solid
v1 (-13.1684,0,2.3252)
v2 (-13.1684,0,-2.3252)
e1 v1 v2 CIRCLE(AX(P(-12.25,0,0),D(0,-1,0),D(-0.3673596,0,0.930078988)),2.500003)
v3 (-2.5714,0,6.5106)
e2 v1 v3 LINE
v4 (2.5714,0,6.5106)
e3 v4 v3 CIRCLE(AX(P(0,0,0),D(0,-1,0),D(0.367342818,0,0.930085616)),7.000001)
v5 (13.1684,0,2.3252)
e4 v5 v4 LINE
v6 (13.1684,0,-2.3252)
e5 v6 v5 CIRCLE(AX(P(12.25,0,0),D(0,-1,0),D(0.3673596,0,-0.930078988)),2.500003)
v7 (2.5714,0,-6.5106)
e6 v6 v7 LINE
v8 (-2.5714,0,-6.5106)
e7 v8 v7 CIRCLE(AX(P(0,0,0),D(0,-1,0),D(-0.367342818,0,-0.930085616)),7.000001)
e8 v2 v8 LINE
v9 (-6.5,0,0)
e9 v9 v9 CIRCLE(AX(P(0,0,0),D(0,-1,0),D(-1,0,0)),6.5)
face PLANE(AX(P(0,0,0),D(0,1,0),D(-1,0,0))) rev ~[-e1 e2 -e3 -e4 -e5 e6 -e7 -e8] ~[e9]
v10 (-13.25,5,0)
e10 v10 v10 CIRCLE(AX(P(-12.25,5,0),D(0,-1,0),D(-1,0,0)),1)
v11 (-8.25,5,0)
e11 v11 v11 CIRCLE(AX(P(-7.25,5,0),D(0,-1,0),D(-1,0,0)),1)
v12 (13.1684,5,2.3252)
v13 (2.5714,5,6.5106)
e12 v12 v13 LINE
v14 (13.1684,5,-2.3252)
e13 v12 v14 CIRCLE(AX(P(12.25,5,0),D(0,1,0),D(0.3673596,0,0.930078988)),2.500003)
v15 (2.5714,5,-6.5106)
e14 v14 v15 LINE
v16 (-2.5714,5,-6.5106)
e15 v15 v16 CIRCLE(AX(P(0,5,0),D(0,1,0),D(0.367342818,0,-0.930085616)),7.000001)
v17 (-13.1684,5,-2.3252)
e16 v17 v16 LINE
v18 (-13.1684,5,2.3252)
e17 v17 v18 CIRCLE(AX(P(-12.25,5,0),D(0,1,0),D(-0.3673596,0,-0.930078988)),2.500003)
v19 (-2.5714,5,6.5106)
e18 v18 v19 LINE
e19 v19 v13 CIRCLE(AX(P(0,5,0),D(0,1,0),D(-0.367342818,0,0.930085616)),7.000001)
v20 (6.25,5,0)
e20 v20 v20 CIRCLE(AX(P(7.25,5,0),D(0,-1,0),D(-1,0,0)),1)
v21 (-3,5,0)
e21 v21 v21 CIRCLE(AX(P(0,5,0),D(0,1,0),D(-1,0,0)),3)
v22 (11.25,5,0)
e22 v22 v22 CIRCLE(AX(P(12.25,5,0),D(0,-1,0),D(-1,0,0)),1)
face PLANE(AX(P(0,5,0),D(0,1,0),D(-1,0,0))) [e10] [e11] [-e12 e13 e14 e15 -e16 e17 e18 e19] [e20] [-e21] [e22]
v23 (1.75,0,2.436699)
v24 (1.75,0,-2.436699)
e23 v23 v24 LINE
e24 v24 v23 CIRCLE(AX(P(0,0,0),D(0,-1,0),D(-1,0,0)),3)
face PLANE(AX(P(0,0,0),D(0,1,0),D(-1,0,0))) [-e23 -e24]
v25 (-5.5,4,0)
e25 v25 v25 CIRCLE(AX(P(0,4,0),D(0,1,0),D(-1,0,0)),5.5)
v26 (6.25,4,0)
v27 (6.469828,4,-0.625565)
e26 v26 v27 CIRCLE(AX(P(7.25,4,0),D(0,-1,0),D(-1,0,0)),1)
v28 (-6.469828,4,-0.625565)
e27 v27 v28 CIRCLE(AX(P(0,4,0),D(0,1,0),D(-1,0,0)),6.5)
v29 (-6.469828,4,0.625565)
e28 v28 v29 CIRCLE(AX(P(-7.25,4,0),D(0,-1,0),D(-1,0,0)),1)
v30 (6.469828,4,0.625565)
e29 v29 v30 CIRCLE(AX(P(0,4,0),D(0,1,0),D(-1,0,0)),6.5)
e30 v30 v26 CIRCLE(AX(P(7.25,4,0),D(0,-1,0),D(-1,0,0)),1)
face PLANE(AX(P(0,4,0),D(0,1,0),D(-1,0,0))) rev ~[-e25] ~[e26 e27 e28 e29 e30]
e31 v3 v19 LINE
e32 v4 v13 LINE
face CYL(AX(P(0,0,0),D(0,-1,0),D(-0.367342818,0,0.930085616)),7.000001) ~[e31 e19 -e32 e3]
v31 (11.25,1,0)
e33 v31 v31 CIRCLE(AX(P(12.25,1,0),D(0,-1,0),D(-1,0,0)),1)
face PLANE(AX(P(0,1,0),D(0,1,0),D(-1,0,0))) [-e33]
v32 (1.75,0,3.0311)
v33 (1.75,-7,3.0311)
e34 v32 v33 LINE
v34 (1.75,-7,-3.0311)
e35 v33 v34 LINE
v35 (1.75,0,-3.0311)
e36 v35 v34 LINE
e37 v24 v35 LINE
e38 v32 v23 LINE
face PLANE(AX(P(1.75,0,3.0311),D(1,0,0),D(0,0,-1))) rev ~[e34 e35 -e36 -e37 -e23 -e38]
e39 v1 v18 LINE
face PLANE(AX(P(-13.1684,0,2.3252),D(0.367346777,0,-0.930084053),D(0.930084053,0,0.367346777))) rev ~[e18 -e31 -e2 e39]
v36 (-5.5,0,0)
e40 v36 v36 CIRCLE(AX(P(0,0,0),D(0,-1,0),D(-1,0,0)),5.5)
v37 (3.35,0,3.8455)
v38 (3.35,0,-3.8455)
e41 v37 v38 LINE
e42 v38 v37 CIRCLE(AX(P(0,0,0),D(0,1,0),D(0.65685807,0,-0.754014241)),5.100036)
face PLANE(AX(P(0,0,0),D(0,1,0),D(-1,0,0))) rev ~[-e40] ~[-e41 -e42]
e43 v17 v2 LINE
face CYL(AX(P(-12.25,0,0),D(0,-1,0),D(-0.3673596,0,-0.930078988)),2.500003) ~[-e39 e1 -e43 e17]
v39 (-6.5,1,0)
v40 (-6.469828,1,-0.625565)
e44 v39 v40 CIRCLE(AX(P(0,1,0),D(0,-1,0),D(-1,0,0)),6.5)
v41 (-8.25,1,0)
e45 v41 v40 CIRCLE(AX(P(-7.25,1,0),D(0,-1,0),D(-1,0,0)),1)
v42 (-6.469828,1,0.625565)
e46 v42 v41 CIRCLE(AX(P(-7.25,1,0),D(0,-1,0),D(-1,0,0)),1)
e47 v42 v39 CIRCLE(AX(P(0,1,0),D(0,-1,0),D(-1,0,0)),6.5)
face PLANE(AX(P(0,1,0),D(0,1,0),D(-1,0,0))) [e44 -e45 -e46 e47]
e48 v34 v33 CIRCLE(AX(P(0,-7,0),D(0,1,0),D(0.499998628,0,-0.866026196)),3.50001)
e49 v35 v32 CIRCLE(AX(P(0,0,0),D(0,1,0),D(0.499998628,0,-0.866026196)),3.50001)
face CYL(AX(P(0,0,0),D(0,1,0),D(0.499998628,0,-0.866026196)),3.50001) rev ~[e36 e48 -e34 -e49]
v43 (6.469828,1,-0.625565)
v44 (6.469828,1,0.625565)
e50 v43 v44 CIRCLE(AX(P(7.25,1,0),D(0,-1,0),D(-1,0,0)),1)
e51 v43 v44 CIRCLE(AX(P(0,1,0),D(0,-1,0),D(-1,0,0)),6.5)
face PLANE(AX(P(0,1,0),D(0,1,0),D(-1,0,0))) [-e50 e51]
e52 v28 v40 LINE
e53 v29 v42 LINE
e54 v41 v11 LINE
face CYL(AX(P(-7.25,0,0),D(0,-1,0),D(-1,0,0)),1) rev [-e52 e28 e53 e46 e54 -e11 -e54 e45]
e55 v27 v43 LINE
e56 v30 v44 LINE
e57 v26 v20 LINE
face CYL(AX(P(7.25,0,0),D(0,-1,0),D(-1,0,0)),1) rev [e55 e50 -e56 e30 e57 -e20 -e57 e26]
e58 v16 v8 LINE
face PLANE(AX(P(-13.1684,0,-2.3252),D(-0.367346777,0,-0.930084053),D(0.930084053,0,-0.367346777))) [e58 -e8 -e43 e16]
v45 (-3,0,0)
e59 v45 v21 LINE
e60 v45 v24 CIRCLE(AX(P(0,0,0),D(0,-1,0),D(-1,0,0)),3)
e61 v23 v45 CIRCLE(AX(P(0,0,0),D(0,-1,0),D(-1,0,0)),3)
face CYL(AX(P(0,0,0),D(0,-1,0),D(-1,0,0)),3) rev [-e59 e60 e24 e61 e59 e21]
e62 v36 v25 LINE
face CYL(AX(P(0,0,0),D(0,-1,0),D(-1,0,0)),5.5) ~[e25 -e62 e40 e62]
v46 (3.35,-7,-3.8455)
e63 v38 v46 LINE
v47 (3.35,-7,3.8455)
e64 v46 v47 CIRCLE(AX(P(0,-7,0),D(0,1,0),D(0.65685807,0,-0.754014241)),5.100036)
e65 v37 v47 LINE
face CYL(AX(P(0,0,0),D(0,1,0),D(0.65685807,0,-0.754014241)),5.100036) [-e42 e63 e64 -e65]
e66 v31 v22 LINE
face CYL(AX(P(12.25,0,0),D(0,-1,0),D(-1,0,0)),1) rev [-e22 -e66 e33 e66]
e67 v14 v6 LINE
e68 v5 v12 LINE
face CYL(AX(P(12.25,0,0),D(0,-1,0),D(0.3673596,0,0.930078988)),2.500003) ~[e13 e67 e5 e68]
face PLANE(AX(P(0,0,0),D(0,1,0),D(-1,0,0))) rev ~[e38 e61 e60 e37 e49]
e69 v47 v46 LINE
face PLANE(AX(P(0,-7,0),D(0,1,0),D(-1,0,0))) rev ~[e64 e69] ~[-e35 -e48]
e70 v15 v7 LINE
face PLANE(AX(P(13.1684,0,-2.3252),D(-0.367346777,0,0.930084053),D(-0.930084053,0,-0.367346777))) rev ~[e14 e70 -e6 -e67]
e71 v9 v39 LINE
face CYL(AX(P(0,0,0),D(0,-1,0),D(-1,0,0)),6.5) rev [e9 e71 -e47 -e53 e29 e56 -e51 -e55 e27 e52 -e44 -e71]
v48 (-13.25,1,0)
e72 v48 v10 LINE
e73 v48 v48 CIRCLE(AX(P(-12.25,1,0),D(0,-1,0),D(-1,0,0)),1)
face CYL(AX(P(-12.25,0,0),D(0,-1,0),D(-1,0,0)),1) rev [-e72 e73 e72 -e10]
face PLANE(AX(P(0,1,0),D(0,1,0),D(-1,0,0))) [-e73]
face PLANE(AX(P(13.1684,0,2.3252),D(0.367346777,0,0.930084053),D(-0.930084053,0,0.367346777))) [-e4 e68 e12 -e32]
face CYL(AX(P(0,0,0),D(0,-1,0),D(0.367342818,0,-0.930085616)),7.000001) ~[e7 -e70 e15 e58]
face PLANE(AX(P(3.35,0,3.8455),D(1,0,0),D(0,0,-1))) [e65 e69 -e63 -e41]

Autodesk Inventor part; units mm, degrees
ref_plane "YZ Plane" through (0, 0, 0) normal (1, 0, 0) x (0, 1, 0)
ref_plane "XZ Plane" through (0, 0, 0) normal (0, 1, 0) x (-1, 0, 0)
ref_plane "XY Plane" through (0, 0, 0) normal (0, 0, 1) x (1, 0, 0)
sketch "スケッチ1" plane through (0, 0, 0) normal (0, 1, 0) x (-1, 0, 0)
  arc A0 (-1.75, -3.0311) -> (-1.75, 3.0311) centre (0, 0) ccw
  arc A1 (-3.35, -3.8455) -> (-3.35, 3.8455) centre (0, 0) ccw
  line L0 (-1.75, 3.0311) -> (-1.75, -3.0311)
  line L1 (-3.35, 3.8455) -> (-3.35, -3.8455)
  point P0 (-1.75, 0)
  point P1 (3.5, 0)
  dimension "d0" = 7
  dimension "d1" = 1.6
  dimension "d3" = 1.6
  dimension "d21" = 5.25
extrude "押し出し1" add sketch "スケッチ1" against normal blind 7
sketch "スケッチ2" plane through (0, 0, 0) normal (0, 1, 0) x (-1, 0, 0)
  circle A0 centre (0, 0) radius 3
  circle A1 centre (7.25, 0) radius 1
  circle A2 centre (12.25, 0) radius 1
  line L0 (21.35, 0) -> (-16.3472, 0)
  line L1 (-21.4194, 0) -> (25.6478, 0)
  line L2 (0, 13.6596) -> (0, -18.5916)
  circle A3 centre (-7.25, 0) radius 1
  circle A4 centre (-12.25, 0) radius 1
  arc A5 (13.1684, -2.3252) -> (13.1684, 2.3252) centre (12.25, 0) ccw
  line L3 (13.1684, 2.3252) -> (2.5714, 6.5106)
  line L4 (13.1684, -2.3252) -> (2.5714, -6.5106)
  arc A6 (-13.1684, 2.3252) -> (-13.1684, -2.3252) centre (-12.25, 0) ccw
  line L5 (-13.1684, 2.3252) -> (-2.5714, 6.5106)
  line L6 (-13.1684, -2.3252) -> (-2.5714, -6.5106)
  arc A7 (-2.5714, -6.5106) -> (2.5714, -6.5106) centre (0, 0) ccw
  arc A8 (2.5714, 6.5106) -> (-2.5714, 6.5106) centre (0, 0) ccw
  circle A9 centre (0, 0) radius 5.5
  circle A10 centre (0, 0) radius 6.5
  dimension "d6" = 6
  dimension "d7" = 7.25
  dimension "d8" = 5
  dimension "d9" = 2
  dimension "d11" = 5
  dimension "d12" = 7
  dimension "d17" = 11
  dimension "d18" = 13
extrude "押し出し2" add sketch "スケッチ2" along normal blind 1 contours L0 A9 L2 A0 | A0 L2 A9 L0 | A0 L0 A9 L2 | L2 A9 L0 A0 | A9 L2 A10 A1 L0 | L0 A1 A10 L2 A9 | A9 L0 A3 A10 L2 | L2 A10 A3 L0 A9 | L0 A10 A1 | A1 A10 L0 | A10 A3 L0 A4 A6 L5 A8 L2 | L2 A8 L3 A5 L0 A2 A1 A10 | A10 A1 L0 A2 A5 L4 A7 L2 | L2 A7 L6 A6 L0 A4 A3 A10 | A1 L0 A10 | A10 L0 A1 | A3 A10 L0 | L0 A10 A3 | A10 L0 A3 | A3 L0 A10 | L0 A2 | A2 L0 | A4 L0 | L0 A4
extrude "押し出し3" add sketch "スケッチ2" along normal blind 5 contours L0 A9 L2 A0 | A0 L2 A9 L0 | A0 L0 A9 L2 | L2 A9 L0 A0 | A9 L2 A10 A1 L0 | L0 A1 A10 L2 A9 | A9 L0 A3 A10 L2 | L2 A10 A3 L0 A9 | A10 A3 L0 A4 A6 L5 A8 L2 | L2 A8 L3 A5 L0 A2 A1 A10 | A10 A1 L0 A2 A5 L4 A7 L2 | L2 A7 L6 A6 L0 A4 A3 A10
extrude "押し出し4" cut sketch "スケッチ2" along normal blind 4 contours A9 L2 A10 A1 L0 | L0 A1 A10 L2 A9 | A9 L0 A3 A10 L2 | L2 A10 A3 L0 A9 | L0 A10 A1 | A1 A10 L0 | A3 A10 L0 | L0 A10 A3 picked at (6.3418, -0.0745) picked at (6.3418, 0.0745) picked at (-6.3418, -0.0745) picked at (-6.3418, 0.0745)
properties part number "stick"
